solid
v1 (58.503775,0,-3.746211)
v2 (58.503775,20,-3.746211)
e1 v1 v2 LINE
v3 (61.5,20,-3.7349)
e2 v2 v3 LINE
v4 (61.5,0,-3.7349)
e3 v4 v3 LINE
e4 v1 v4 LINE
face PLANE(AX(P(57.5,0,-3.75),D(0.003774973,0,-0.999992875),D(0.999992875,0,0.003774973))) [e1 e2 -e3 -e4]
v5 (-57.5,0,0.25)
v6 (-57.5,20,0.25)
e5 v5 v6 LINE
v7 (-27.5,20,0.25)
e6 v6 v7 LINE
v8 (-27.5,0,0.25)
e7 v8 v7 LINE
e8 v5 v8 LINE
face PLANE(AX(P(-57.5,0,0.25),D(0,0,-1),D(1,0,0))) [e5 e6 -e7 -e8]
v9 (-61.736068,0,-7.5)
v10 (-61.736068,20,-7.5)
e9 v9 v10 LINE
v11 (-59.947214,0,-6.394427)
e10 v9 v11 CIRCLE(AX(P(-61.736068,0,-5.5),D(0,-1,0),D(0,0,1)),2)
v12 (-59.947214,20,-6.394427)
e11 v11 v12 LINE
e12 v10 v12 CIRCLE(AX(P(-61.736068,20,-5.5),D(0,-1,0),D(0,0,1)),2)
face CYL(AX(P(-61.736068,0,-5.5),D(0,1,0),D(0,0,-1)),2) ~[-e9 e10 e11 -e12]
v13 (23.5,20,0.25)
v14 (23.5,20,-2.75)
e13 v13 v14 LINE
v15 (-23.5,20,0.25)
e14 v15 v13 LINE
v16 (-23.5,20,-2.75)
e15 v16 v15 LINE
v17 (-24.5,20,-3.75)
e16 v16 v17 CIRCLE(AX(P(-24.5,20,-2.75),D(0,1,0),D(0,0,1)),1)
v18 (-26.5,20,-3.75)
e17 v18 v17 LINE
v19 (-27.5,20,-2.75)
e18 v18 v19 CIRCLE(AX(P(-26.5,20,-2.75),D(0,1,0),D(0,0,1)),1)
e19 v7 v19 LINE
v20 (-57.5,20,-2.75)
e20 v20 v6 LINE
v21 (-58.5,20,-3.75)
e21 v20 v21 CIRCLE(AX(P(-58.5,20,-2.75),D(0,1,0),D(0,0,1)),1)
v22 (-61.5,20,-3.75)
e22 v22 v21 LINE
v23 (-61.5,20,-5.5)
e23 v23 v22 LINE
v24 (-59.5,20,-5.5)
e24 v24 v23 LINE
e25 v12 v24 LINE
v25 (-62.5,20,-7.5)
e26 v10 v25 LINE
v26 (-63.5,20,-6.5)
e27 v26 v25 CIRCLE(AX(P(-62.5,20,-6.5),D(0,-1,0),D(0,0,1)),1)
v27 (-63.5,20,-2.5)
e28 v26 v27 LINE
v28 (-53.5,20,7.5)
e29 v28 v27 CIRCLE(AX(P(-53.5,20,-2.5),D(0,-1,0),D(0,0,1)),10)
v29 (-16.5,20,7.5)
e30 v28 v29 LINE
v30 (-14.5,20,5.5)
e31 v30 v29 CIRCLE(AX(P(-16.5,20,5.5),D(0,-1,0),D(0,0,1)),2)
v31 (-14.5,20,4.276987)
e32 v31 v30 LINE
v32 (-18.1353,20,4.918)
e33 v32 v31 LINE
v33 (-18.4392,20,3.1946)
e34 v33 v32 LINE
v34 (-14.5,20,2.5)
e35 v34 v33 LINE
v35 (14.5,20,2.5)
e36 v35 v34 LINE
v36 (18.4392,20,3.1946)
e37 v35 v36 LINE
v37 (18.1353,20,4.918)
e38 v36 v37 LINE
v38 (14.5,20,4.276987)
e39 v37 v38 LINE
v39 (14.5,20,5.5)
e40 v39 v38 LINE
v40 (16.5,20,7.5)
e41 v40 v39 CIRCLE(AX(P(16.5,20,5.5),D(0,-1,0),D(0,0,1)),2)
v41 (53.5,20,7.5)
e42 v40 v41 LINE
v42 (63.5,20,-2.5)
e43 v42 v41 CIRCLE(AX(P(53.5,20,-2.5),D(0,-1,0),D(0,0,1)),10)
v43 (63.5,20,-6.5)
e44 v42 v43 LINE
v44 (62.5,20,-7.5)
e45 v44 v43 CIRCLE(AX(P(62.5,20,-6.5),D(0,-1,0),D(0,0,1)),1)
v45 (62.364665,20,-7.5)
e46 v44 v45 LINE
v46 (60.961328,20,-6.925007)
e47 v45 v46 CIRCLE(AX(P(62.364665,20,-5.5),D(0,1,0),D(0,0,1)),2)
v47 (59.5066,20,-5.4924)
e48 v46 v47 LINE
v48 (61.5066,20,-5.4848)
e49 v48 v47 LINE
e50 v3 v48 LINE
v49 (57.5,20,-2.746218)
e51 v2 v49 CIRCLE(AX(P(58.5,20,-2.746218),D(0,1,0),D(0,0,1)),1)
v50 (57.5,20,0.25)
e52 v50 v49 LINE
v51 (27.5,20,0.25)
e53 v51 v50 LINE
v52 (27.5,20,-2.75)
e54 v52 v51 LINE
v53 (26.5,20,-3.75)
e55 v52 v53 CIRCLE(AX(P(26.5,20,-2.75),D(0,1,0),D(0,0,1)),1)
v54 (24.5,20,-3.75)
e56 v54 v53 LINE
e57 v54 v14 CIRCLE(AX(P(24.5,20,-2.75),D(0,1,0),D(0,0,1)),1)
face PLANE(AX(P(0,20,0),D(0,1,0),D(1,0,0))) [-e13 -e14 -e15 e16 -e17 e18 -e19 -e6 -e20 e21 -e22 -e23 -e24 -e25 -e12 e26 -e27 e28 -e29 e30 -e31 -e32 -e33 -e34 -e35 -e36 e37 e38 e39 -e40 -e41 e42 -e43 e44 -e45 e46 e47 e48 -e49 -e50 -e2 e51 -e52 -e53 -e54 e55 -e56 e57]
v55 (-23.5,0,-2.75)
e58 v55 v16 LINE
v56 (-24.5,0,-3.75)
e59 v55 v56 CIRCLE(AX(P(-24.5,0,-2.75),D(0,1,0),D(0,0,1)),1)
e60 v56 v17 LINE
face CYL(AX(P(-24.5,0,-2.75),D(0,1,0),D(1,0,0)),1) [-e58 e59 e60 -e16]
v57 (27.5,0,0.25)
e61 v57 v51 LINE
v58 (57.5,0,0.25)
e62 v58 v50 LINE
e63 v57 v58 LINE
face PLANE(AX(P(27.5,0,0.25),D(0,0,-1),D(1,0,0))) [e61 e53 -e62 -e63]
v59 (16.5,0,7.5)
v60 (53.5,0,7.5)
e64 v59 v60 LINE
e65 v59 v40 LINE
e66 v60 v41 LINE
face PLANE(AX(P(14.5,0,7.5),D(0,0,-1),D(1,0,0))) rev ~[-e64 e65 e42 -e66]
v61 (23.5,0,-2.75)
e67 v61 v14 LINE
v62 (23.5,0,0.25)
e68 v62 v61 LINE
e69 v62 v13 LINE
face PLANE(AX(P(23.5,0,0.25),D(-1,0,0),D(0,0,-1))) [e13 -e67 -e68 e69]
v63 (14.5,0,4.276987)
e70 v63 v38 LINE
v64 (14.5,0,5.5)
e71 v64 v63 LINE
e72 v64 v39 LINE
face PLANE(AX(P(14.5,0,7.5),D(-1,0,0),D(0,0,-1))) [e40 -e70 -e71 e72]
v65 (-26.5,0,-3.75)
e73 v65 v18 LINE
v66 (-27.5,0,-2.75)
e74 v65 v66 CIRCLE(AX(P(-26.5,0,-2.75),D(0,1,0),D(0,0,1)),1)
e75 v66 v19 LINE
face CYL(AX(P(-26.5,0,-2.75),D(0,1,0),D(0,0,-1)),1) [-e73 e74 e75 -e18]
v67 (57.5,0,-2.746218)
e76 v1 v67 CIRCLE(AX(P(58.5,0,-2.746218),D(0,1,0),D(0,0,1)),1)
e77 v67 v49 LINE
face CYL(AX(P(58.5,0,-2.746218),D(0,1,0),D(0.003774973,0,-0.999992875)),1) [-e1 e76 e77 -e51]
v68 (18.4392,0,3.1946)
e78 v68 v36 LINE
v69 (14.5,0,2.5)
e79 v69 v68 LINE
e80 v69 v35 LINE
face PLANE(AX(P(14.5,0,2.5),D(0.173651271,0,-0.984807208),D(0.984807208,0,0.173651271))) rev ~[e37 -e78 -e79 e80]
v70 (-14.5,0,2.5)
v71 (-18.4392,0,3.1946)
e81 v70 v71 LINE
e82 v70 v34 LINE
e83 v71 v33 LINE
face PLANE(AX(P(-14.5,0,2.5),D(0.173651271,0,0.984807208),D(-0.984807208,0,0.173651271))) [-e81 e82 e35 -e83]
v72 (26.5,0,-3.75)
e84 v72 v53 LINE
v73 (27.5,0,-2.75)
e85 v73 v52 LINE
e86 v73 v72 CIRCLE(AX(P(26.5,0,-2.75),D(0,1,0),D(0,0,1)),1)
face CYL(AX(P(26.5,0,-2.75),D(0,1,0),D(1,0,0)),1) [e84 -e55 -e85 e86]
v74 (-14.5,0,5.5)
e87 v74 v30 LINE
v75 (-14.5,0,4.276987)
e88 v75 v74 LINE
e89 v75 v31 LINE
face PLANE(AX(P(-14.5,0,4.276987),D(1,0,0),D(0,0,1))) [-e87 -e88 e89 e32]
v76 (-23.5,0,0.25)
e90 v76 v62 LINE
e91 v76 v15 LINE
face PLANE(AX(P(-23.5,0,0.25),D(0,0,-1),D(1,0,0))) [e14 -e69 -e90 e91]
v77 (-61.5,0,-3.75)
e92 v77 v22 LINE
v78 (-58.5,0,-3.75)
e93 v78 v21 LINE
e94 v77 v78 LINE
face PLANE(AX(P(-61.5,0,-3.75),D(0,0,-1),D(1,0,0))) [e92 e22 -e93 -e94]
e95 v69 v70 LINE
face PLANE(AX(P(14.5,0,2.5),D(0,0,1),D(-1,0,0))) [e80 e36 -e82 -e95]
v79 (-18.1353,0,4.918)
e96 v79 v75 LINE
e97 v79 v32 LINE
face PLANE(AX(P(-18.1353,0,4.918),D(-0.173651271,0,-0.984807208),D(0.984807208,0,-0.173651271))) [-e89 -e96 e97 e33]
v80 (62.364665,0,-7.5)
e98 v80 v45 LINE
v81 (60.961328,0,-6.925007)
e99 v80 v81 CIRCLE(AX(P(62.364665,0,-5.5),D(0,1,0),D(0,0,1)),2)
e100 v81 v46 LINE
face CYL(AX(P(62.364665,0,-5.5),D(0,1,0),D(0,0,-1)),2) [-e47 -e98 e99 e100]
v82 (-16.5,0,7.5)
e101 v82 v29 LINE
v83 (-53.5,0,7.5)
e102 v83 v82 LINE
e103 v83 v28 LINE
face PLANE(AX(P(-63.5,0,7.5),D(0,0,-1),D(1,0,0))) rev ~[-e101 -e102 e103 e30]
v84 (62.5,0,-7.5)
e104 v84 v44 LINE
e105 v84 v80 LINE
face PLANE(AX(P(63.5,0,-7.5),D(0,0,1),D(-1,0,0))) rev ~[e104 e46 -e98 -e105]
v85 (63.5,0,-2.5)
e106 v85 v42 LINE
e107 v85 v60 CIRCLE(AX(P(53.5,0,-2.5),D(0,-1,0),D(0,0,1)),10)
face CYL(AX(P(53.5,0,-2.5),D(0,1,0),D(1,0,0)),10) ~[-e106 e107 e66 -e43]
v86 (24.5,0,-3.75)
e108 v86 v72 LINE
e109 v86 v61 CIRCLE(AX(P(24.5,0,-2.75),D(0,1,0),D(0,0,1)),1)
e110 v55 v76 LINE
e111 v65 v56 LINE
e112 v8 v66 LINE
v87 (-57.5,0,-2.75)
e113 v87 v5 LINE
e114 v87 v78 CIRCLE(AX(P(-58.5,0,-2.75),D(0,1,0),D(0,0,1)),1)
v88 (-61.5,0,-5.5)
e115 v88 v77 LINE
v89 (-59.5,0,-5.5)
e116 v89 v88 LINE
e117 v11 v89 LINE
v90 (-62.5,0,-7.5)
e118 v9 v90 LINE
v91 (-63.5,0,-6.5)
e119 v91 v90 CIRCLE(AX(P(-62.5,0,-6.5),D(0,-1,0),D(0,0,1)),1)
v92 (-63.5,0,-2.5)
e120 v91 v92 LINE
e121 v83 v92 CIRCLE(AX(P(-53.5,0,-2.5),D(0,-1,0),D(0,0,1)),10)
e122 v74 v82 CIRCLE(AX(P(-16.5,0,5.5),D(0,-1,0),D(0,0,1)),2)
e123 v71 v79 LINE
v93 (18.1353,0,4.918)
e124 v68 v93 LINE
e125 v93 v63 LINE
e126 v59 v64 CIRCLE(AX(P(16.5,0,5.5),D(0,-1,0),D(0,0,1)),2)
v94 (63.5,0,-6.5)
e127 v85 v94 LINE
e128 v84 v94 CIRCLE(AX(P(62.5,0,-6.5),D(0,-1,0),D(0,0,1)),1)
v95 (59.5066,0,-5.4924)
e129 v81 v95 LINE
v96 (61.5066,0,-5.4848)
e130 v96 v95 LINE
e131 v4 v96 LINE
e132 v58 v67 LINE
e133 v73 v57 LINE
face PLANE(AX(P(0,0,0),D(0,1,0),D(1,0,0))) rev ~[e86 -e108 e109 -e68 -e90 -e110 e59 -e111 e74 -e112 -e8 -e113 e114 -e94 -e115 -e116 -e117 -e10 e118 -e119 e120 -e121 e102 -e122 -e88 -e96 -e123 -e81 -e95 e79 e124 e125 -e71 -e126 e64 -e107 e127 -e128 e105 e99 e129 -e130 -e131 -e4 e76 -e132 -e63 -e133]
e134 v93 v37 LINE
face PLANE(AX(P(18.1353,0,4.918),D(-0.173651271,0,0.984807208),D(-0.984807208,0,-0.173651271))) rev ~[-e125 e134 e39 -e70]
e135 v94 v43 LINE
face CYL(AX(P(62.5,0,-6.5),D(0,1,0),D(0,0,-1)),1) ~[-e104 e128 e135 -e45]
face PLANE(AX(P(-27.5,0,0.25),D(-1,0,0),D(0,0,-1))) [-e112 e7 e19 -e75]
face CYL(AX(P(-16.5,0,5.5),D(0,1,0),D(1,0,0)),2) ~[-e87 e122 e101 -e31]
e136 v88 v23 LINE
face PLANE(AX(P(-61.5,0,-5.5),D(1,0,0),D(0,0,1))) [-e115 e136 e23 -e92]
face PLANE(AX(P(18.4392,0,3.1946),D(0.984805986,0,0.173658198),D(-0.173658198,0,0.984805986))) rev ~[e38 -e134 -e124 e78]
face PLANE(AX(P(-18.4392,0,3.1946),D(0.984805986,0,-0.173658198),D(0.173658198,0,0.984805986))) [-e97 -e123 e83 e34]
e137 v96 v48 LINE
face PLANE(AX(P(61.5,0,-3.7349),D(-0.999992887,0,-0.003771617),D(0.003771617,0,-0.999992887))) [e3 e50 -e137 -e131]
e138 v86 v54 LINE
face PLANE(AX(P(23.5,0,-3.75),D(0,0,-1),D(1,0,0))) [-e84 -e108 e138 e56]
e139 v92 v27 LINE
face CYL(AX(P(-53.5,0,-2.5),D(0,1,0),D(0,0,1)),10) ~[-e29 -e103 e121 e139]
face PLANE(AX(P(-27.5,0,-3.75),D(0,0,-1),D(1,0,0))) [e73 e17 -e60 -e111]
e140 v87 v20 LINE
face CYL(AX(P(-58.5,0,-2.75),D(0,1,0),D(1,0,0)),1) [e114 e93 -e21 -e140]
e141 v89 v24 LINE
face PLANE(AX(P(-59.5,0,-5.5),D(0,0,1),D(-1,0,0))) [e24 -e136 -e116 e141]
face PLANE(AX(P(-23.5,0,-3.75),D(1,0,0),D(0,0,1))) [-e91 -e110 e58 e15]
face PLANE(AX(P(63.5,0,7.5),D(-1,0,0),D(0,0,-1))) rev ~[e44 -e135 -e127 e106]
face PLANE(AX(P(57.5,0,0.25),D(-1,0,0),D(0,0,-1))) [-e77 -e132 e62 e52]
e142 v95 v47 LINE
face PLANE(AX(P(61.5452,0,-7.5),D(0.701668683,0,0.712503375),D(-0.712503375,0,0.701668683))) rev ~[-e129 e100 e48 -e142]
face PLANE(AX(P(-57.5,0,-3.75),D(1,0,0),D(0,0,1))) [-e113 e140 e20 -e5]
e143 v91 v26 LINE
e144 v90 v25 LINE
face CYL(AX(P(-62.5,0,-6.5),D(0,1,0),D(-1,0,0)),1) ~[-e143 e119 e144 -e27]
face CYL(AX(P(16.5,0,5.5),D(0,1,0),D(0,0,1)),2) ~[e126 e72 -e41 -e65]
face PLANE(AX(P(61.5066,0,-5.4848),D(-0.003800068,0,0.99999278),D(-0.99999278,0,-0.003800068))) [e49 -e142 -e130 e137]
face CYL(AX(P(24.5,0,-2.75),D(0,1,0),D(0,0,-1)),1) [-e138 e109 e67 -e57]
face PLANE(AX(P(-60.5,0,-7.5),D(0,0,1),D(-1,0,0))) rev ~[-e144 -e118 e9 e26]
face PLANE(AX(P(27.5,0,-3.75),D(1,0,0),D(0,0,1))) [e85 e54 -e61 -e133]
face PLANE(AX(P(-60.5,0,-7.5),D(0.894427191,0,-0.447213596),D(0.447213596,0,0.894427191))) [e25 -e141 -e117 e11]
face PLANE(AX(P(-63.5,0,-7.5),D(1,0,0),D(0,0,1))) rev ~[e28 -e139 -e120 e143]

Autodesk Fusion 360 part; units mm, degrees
sketch "Sketch1" plane through (0, 0, 0) normal (0, 1, 0) x (1, 0, 0)
  line L0 (63.5, 7.5) -> (-63.5, 7.5)
  line L1 (-63.5, 7.5) -> (-63.5, -7.5)
  line L2 (-63.5, -7.5) -> (63.5, -7.5)
  line L3 (63.5, -7.5) -> (63.5, 7.5)
  line L4 (63.5, 7.5) -> (-63.5, -7.5) construction
  line L5 (-63.5, 7.5) -> (63.5, -7.5) construction
  line L6 (0, -7.5) -> (-14.5, -7.5) construction
  line L7 (-14.5, -7.5) -> (14.5, -7.5)
  line L8 (14.5, -7.5) -> (14.5, -2.5)
  line L9 (14.5, -2.5) -> (-14.5, -2.5)
  line L10 (-14.5, -2.5) -> (-14.5, -7.5)
  line L11 (-14.5, -2.5) -> (-18.4392, -3.1946)
  line L12 (-14.5, -2.5) -> (-11.5456, -2.5) construction
  line L13 (-14.5, -2.5) -> (-18.4392, -3.1946)
  line L14 (-18.4392, -3.1946) -> (-18.1353, -4.918)
  line L15 (-18.1353, -4.918) -> (-14.1961, -4.2234)
  line L16 (-14.1961, -4.2234) -> (-14.5, -2.5)
  line L17 (14.5, -2.5) -> (18.4392, -3.1946)
  line L18 (14.5, -2.5) -> (17.5, -2.5) construction
  line L19 (14.5, -2.5) -> (18.4392, -3.1946)
  line L20 (18.4392, -3.1946) -> (18.1353, -4.918)
  line L21 (18.1353, -4.918) -> (14.1961, -4.2234)
  line L22 (14.1961, -4.2234) -> (14.5, -2.5)
  line L23 (-63.5, 7.5) -> (-57.5, 7.5) construction
  line L24 (-57.5, 7.5) -> (-57.5, 5.5)
  line L25 (-57.5, 5.5) -> (-61.5, 5.5)
  line L26 (-61.5, 5.5) -> (-61.5, 3.75)
  line L27 (61.5, 3.7349) -> (61.5066, 5.4848)
  line L28 (61.5066, 5.4848) -> (57.5067, 5.5)
  line L29 (57.5067, 5.5) -> (57.5067, 7.5)
  line L30 (-61.5, 3.75) -> (-57.5, 3.75)
  line L31 (-57.5, 3.75) -> (-57.5, -0.25)
  line L32 (-57.5, -0.25) -> (-27.5, -0.25)
  line L33 (-27.5, -0.25) -> (-27.5, 3.75)
  line L34 (-27.5, 3.75) -> (-23.5, 3.75)
  line L35 (-23.5, 3.75) -> (-23.5, -0.25)
  line L36 (-23.5, -0.25) -> (23.5, -0.25)
  line L37 (23.5, -0.25) -> (23.5, 3.75)
  line L38 (23.5, 3.75) -> (27.5, 3.75)
  line L39 (27.5, 3.75) -> (27.5, -0.25)
  line L40 (27.5, -0.25) -> (57.5, -0.25)
  line L41 (57.5, -0.25) -> (57.5, 3.75)
  line L42 (57.5, 3.75) -> (61.5, 3.7349)
  line L43 (-61.5, 5.5) -> (-59.5, 5.5) construction
  line L44 (-60.5, 7.5) -> (-59.5, 5.5)
  line L45 (61.5066, 5.4848) -> (59.5066, 5.4924) construction
  line L46 (61.5452, 7.5) -> (59.5066, 5.4924)
  dimension "d1" = 127
  dimension "d2" = 15
  dimension "d3" = 14.5
  dimension "d5" = 29
  dimension "d6" = 5
  dimension "d7" = 190
  dimension "d8" = 4
  dimension "d9" = 1.75
  dimension "d10" = 4
  dimension "d11" = 190
  dimension "d12" = 1.75
  dimension "d15" = 6
  dimension "d16" = 2
  dimension "d17" = 4
  dimension "d18" = 1.75
  dimension "d19" = 123
  dimension "d20" = 1.75
  dimension "d21" = 4
  dimension "d22" = 2
  dimension "d23" = 4
  dimension "d24" = 4
  dimension "d25" = 30
  dimension "d26" = 4
  dimension "d27" = 4
  dimension "d28" = 47
  dimension "d29" = 4
  dimension "d30" = 4
  dimension "d31" = 4
  dimension "d32" = 30
  dimension "d33" = 4
  dimension "d38" = 89.783
extrude "Extrude3" add sketch "Sketch1" along normal blind 20 contours L0 L1 L2 L3 L8 L9 L10 L11 L13 L14 L15 L17 L19 L20 L21 L25 L26 L27 L28 L30 L31 L32 L33 L34 L35 L36 L37 L38 L39 L40 L41 L42 L44 L46
fillet "Fillet1" radius 10 2 edges at (-63.5, 10, 7.5) (63.5, 10, 7.5)
fillet "Fillet2" radius 1 6 edges at (-57.5, 10, -3.75) (-27.5, 10, -3.75) (-23.5, 10, -3.75) (23.5, 10, -3.75) (27.5, 10, -3.75) (57.5, 10, -3.75)
fillet "Fillet3" radius 1 2 edges at (-63.5, 10, -7.5) (63.5, 10, -7.5)
fillet "Fillet4" radius 2 2 edges at (-60.5, 10, -7.5) (61.5452, 10, -7.5)
fillet "Fillet5" radius 2 2 edges at (-14.5, 10, 7.5) (14.5, 10, 7.5)
equation "d3 = ( 35 / 2 ) * 1 mm - 3 mm"
